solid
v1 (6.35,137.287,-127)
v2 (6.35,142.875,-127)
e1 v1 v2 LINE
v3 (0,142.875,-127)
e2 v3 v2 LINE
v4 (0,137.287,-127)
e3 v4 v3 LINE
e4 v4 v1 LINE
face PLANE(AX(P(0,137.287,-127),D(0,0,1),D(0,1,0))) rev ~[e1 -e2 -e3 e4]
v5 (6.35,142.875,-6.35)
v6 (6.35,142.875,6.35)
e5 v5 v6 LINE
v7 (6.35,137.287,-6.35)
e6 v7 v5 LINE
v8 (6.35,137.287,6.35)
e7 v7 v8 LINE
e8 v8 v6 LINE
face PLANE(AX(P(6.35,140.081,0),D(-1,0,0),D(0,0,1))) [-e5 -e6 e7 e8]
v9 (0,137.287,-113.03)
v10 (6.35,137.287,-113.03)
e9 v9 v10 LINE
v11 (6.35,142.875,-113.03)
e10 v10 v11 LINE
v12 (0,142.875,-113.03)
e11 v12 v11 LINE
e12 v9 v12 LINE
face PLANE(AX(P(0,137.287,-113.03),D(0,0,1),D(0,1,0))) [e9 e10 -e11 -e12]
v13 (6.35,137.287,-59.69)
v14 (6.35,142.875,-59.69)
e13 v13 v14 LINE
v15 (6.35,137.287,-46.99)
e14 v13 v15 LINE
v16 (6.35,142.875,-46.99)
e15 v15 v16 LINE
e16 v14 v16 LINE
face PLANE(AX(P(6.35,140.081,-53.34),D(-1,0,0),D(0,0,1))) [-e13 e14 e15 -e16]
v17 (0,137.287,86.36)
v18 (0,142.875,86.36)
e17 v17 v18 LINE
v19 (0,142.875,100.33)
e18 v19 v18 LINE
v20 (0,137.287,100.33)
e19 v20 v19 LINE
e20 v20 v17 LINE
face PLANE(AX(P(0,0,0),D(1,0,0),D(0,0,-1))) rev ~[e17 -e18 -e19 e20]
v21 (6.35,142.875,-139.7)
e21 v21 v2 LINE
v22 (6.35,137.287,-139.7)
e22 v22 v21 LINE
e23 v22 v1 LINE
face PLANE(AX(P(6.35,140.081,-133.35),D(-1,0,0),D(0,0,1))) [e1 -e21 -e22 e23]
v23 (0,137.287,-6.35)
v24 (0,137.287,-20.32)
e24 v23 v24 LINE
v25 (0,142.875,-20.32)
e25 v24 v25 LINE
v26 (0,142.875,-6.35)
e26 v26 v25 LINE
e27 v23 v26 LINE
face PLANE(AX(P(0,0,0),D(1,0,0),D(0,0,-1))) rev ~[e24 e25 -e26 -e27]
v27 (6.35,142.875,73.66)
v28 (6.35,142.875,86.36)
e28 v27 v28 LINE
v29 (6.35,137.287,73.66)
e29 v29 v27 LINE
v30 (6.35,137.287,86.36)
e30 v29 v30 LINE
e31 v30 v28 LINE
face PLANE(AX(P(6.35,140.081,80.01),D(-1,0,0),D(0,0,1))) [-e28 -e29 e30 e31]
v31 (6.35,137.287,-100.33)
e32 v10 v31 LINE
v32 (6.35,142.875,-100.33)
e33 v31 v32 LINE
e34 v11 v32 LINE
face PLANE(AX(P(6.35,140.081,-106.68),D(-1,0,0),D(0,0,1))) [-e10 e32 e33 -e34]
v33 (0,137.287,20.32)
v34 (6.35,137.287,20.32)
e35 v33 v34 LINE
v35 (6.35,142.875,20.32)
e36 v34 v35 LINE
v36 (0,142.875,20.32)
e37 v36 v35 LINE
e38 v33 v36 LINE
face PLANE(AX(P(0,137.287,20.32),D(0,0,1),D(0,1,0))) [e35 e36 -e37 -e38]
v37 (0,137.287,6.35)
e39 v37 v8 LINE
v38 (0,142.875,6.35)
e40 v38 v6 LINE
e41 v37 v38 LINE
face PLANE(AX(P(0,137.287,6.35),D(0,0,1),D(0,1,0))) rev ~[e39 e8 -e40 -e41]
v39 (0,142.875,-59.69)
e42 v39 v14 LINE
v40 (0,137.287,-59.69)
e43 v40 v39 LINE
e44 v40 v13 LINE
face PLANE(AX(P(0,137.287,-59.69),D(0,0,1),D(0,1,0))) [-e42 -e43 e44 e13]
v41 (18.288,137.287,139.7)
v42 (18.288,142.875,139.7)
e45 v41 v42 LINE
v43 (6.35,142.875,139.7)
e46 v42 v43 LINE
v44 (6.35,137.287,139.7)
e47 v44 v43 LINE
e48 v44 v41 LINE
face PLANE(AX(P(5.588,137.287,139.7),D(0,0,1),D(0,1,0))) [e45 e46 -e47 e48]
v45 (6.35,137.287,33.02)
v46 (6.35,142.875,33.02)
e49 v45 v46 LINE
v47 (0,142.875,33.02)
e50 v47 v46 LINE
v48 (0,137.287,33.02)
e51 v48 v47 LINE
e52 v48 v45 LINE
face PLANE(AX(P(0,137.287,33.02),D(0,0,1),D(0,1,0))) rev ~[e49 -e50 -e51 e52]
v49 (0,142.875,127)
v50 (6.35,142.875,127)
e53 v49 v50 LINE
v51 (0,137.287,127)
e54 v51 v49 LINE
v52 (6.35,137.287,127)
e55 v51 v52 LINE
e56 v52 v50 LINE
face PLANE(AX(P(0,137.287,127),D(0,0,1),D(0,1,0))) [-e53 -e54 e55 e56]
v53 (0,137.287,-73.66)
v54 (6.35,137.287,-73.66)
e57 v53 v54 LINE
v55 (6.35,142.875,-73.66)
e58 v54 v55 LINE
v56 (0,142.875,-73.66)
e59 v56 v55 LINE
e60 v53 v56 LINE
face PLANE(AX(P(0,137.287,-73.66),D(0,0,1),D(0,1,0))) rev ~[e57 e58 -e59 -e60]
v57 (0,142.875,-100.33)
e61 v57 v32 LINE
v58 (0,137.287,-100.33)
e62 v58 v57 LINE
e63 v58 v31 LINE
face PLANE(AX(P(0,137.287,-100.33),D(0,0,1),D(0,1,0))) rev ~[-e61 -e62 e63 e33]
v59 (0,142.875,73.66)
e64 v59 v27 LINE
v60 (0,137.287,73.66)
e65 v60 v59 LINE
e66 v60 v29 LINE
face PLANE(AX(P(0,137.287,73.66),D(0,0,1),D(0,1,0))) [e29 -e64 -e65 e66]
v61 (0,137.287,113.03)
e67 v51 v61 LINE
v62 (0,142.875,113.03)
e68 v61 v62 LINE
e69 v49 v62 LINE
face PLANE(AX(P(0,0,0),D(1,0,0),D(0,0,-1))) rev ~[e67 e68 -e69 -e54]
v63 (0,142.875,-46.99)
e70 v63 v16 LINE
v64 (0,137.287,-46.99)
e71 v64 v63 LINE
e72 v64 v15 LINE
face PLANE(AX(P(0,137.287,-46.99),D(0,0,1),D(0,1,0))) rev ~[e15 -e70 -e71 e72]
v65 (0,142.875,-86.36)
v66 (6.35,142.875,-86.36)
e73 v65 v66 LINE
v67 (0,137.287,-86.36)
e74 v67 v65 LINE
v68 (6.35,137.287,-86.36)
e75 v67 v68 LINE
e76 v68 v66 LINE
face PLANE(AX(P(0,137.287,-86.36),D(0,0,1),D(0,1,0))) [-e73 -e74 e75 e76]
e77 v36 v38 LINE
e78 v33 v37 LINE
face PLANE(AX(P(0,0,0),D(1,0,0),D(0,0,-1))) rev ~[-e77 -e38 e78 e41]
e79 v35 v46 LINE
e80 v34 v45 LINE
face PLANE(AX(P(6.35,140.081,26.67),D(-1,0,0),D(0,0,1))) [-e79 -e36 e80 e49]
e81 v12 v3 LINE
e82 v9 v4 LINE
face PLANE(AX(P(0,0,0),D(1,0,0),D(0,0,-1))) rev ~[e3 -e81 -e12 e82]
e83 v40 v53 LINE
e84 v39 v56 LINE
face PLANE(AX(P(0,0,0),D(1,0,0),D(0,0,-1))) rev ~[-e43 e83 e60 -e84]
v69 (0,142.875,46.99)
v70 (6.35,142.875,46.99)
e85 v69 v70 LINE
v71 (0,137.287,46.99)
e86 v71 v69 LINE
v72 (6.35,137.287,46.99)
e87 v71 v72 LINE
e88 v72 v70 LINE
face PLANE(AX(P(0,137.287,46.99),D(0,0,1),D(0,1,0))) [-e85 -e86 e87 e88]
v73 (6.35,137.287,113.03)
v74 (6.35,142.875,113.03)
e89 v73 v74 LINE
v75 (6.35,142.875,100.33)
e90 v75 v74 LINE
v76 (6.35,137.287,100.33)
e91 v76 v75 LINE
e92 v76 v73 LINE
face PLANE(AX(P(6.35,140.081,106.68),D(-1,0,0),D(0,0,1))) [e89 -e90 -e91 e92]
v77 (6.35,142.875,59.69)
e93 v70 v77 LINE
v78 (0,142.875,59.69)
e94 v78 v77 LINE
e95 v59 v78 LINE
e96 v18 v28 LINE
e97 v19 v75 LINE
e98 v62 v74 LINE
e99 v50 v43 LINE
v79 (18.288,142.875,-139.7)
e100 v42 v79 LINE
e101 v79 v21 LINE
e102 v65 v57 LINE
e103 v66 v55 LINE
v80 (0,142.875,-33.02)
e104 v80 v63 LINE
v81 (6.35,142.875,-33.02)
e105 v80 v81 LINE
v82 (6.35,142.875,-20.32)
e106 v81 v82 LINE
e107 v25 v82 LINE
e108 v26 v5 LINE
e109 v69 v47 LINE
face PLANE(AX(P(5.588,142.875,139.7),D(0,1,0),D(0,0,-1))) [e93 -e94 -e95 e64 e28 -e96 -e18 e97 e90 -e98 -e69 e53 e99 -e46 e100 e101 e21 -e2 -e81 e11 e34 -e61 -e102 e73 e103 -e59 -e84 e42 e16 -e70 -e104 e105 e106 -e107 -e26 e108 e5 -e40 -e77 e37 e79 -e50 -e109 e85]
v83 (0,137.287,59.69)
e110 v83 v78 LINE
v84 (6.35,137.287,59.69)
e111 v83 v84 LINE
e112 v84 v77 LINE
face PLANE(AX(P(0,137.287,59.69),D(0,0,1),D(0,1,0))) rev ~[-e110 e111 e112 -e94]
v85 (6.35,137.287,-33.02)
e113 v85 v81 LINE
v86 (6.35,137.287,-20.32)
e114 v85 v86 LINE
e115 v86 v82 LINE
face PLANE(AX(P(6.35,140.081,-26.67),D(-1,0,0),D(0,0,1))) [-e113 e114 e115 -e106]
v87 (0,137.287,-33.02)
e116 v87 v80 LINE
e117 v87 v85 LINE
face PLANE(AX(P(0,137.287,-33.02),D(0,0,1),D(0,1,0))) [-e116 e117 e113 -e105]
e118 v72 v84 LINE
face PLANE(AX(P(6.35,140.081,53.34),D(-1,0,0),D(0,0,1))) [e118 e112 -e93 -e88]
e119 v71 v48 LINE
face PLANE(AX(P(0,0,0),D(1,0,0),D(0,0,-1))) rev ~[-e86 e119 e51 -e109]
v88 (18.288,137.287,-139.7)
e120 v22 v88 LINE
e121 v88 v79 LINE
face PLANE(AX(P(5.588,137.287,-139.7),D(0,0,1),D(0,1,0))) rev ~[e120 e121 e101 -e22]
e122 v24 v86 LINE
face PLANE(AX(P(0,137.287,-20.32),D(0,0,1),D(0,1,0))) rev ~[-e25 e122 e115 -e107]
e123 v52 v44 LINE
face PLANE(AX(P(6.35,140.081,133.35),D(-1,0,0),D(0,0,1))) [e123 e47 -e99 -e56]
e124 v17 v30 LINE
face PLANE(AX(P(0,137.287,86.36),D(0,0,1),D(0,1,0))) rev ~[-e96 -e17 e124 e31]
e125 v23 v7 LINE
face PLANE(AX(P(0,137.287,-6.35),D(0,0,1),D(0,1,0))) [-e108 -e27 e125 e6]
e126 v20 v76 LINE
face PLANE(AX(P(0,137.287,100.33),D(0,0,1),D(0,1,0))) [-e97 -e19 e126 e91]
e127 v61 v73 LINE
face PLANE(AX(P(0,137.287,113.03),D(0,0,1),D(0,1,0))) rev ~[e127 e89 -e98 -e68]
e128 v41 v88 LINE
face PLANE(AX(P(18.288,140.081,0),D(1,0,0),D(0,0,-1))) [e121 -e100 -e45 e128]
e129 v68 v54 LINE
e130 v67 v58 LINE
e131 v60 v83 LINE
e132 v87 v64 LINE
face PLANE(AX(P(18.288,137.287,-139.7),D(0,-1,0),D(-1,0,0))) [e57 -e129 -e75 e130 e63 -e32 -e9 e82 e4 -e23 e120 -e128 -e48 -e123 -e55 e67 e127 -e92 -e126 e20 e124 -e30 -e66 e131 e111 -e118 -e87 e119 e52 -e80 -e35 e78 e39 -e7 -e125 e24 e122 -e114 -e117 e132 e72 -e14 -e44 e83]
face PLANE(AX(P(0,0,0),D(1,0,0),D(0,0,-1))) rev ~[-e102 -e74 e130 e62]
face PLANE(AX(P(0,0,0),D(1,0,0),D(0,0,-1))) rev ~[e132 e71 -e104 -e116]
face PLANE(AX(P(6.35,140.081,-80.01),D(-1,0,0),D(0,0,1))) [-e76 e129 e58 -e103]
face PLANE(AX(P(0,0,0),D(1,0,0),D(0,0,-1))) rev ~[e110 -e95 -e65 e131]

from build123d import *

# Parameters (mm, degrees)
SKETCH1_W           = 279.4
SKETCH1_H           = 285.75
BOSS_EXTRUDE1_DEPTH = 5.588
SKETCH2_W           = 279.4
SKETCH2_H           = 5.588
BOSS_EXTRUDE2_DEPTH = 12.7
CUT_EXTRUDE1_DEPTH  = 19.288
SKETCH5_W           = 64.162912319
SKETCH5_H           = 368.728813298
CUT_EXTRUDE2_DEPTH  = 280.4
SKETCH4_W           = 12.7
SKETCH4_H           = 5.588
CUT_EXTRUDE3_DEPTH  = 6.35


with BuildPart() as part:
    # Sketch1 → Boss-Extrude1 (new body)
    with BuildSketch(Plane(origin=(0, 0, 0), x_dir=(0, 0, -1), z_dir=(1, 0, 0))):
        Rectangle(SKETCH1_W, SKETCH1_H)
    extrude(amount=BOSS_EXTRUDE1_DEPTH)

    # Sketch2 → Boss-Extrude2 (add)
    with BuildSketch(Plane(origin=(5.588, 0, 0), x_dir=(0, 0, -1), z_dir=(1, 0, 0))):
        with Locations((0, 140.081)):
            Rectangle(SKETCH2_W, SKETCH2_H)
    extrude(amount=BOSS_EXTRUDE2_DEPTH)

    # Sketch3 → Cut-Extrude1 (cut, through all)
    with BuildSketch(Plane.ZY):
        with BuildLine():
            Line((-114.3, -85.725), (-25.4, -85.725))
            ThreePointArc((-25.4, -85.725), (-12.7, -98.425), (-25.4, -111.125))
            Line((-25.4, -111.125), (-114.3, -111.125))
            ThreePointArc((-114.3, -111.125), (-127, -98.425), (-114.3, -85.725))
        make_face()
    extrude(amount=-CUT_EXTRUDE1_DEPTH, mode=Mode.SUBTRACT)

    # Sketch5 → Cut-Extrude2 (cut, through all)
    with BuildSketch(Plane(origin=(0, 0, -139.7), x_dir=(-1, 0, 0), z_dir=(0, 0, -1))):
        with Locations((13.79345616, -47.077406649)):
            Rectangle(SKETCH5_W, SKETCH5_H)
    extrude(amount=-CUT_EXTRUDE2_DEPTH, mode=Mode.SUBTRACT)

    # Sketch4 → Cut-Extrude3 (cut)
    with BuildSketch(Plane.ZY):
        with Locations((-106.68, 140.081)):
            Rectangle(SKETCH4_W, SKETCH4_H)
        with Locations((-133.35, 140.081)):
            Rectangle(SKETCH4_W, SKETCH4_H)
        with Locations((-80.01, 140.081)):
            Rectangle(SKETCH4_W, SKETCH4_H)
        with Locations((-53.34, 140.081)):
            Rectangle(SKETCH4_W, SKETCH4_H)
        with Locations((-26.67, 140.081)):
            Rectangle(SKETCH4_W, SKETCH4_H)
        with Locations((0, 140.081)):
            Rectangle(SKETCH4_W, SKETCH4_H)
        with Locations((26.67, 140.081)):
            Rectangle(SKETCH4_W, SKETCH4_H)
        with Locations((53.34, 140.081)):
            Rectangle(SKETCH4_W, SKETCH4_H)
        with Locations((80.01, 140.081)):
            Rectangle(SKETCH4_W, SKETCH4_H)
        with Locations((106.68, 140.081)):
            Rectangle(SKETCH4_W, SKETCH4_H)
        with Locations((133.35, 140.081)):
            Rectangle(SKETCH4_W, SKETCH4_H)
    extrude(amount=-CUT_EXTRUDE3_DEPTH, mode=Mode.SUBTRACT)


solid = part.part
